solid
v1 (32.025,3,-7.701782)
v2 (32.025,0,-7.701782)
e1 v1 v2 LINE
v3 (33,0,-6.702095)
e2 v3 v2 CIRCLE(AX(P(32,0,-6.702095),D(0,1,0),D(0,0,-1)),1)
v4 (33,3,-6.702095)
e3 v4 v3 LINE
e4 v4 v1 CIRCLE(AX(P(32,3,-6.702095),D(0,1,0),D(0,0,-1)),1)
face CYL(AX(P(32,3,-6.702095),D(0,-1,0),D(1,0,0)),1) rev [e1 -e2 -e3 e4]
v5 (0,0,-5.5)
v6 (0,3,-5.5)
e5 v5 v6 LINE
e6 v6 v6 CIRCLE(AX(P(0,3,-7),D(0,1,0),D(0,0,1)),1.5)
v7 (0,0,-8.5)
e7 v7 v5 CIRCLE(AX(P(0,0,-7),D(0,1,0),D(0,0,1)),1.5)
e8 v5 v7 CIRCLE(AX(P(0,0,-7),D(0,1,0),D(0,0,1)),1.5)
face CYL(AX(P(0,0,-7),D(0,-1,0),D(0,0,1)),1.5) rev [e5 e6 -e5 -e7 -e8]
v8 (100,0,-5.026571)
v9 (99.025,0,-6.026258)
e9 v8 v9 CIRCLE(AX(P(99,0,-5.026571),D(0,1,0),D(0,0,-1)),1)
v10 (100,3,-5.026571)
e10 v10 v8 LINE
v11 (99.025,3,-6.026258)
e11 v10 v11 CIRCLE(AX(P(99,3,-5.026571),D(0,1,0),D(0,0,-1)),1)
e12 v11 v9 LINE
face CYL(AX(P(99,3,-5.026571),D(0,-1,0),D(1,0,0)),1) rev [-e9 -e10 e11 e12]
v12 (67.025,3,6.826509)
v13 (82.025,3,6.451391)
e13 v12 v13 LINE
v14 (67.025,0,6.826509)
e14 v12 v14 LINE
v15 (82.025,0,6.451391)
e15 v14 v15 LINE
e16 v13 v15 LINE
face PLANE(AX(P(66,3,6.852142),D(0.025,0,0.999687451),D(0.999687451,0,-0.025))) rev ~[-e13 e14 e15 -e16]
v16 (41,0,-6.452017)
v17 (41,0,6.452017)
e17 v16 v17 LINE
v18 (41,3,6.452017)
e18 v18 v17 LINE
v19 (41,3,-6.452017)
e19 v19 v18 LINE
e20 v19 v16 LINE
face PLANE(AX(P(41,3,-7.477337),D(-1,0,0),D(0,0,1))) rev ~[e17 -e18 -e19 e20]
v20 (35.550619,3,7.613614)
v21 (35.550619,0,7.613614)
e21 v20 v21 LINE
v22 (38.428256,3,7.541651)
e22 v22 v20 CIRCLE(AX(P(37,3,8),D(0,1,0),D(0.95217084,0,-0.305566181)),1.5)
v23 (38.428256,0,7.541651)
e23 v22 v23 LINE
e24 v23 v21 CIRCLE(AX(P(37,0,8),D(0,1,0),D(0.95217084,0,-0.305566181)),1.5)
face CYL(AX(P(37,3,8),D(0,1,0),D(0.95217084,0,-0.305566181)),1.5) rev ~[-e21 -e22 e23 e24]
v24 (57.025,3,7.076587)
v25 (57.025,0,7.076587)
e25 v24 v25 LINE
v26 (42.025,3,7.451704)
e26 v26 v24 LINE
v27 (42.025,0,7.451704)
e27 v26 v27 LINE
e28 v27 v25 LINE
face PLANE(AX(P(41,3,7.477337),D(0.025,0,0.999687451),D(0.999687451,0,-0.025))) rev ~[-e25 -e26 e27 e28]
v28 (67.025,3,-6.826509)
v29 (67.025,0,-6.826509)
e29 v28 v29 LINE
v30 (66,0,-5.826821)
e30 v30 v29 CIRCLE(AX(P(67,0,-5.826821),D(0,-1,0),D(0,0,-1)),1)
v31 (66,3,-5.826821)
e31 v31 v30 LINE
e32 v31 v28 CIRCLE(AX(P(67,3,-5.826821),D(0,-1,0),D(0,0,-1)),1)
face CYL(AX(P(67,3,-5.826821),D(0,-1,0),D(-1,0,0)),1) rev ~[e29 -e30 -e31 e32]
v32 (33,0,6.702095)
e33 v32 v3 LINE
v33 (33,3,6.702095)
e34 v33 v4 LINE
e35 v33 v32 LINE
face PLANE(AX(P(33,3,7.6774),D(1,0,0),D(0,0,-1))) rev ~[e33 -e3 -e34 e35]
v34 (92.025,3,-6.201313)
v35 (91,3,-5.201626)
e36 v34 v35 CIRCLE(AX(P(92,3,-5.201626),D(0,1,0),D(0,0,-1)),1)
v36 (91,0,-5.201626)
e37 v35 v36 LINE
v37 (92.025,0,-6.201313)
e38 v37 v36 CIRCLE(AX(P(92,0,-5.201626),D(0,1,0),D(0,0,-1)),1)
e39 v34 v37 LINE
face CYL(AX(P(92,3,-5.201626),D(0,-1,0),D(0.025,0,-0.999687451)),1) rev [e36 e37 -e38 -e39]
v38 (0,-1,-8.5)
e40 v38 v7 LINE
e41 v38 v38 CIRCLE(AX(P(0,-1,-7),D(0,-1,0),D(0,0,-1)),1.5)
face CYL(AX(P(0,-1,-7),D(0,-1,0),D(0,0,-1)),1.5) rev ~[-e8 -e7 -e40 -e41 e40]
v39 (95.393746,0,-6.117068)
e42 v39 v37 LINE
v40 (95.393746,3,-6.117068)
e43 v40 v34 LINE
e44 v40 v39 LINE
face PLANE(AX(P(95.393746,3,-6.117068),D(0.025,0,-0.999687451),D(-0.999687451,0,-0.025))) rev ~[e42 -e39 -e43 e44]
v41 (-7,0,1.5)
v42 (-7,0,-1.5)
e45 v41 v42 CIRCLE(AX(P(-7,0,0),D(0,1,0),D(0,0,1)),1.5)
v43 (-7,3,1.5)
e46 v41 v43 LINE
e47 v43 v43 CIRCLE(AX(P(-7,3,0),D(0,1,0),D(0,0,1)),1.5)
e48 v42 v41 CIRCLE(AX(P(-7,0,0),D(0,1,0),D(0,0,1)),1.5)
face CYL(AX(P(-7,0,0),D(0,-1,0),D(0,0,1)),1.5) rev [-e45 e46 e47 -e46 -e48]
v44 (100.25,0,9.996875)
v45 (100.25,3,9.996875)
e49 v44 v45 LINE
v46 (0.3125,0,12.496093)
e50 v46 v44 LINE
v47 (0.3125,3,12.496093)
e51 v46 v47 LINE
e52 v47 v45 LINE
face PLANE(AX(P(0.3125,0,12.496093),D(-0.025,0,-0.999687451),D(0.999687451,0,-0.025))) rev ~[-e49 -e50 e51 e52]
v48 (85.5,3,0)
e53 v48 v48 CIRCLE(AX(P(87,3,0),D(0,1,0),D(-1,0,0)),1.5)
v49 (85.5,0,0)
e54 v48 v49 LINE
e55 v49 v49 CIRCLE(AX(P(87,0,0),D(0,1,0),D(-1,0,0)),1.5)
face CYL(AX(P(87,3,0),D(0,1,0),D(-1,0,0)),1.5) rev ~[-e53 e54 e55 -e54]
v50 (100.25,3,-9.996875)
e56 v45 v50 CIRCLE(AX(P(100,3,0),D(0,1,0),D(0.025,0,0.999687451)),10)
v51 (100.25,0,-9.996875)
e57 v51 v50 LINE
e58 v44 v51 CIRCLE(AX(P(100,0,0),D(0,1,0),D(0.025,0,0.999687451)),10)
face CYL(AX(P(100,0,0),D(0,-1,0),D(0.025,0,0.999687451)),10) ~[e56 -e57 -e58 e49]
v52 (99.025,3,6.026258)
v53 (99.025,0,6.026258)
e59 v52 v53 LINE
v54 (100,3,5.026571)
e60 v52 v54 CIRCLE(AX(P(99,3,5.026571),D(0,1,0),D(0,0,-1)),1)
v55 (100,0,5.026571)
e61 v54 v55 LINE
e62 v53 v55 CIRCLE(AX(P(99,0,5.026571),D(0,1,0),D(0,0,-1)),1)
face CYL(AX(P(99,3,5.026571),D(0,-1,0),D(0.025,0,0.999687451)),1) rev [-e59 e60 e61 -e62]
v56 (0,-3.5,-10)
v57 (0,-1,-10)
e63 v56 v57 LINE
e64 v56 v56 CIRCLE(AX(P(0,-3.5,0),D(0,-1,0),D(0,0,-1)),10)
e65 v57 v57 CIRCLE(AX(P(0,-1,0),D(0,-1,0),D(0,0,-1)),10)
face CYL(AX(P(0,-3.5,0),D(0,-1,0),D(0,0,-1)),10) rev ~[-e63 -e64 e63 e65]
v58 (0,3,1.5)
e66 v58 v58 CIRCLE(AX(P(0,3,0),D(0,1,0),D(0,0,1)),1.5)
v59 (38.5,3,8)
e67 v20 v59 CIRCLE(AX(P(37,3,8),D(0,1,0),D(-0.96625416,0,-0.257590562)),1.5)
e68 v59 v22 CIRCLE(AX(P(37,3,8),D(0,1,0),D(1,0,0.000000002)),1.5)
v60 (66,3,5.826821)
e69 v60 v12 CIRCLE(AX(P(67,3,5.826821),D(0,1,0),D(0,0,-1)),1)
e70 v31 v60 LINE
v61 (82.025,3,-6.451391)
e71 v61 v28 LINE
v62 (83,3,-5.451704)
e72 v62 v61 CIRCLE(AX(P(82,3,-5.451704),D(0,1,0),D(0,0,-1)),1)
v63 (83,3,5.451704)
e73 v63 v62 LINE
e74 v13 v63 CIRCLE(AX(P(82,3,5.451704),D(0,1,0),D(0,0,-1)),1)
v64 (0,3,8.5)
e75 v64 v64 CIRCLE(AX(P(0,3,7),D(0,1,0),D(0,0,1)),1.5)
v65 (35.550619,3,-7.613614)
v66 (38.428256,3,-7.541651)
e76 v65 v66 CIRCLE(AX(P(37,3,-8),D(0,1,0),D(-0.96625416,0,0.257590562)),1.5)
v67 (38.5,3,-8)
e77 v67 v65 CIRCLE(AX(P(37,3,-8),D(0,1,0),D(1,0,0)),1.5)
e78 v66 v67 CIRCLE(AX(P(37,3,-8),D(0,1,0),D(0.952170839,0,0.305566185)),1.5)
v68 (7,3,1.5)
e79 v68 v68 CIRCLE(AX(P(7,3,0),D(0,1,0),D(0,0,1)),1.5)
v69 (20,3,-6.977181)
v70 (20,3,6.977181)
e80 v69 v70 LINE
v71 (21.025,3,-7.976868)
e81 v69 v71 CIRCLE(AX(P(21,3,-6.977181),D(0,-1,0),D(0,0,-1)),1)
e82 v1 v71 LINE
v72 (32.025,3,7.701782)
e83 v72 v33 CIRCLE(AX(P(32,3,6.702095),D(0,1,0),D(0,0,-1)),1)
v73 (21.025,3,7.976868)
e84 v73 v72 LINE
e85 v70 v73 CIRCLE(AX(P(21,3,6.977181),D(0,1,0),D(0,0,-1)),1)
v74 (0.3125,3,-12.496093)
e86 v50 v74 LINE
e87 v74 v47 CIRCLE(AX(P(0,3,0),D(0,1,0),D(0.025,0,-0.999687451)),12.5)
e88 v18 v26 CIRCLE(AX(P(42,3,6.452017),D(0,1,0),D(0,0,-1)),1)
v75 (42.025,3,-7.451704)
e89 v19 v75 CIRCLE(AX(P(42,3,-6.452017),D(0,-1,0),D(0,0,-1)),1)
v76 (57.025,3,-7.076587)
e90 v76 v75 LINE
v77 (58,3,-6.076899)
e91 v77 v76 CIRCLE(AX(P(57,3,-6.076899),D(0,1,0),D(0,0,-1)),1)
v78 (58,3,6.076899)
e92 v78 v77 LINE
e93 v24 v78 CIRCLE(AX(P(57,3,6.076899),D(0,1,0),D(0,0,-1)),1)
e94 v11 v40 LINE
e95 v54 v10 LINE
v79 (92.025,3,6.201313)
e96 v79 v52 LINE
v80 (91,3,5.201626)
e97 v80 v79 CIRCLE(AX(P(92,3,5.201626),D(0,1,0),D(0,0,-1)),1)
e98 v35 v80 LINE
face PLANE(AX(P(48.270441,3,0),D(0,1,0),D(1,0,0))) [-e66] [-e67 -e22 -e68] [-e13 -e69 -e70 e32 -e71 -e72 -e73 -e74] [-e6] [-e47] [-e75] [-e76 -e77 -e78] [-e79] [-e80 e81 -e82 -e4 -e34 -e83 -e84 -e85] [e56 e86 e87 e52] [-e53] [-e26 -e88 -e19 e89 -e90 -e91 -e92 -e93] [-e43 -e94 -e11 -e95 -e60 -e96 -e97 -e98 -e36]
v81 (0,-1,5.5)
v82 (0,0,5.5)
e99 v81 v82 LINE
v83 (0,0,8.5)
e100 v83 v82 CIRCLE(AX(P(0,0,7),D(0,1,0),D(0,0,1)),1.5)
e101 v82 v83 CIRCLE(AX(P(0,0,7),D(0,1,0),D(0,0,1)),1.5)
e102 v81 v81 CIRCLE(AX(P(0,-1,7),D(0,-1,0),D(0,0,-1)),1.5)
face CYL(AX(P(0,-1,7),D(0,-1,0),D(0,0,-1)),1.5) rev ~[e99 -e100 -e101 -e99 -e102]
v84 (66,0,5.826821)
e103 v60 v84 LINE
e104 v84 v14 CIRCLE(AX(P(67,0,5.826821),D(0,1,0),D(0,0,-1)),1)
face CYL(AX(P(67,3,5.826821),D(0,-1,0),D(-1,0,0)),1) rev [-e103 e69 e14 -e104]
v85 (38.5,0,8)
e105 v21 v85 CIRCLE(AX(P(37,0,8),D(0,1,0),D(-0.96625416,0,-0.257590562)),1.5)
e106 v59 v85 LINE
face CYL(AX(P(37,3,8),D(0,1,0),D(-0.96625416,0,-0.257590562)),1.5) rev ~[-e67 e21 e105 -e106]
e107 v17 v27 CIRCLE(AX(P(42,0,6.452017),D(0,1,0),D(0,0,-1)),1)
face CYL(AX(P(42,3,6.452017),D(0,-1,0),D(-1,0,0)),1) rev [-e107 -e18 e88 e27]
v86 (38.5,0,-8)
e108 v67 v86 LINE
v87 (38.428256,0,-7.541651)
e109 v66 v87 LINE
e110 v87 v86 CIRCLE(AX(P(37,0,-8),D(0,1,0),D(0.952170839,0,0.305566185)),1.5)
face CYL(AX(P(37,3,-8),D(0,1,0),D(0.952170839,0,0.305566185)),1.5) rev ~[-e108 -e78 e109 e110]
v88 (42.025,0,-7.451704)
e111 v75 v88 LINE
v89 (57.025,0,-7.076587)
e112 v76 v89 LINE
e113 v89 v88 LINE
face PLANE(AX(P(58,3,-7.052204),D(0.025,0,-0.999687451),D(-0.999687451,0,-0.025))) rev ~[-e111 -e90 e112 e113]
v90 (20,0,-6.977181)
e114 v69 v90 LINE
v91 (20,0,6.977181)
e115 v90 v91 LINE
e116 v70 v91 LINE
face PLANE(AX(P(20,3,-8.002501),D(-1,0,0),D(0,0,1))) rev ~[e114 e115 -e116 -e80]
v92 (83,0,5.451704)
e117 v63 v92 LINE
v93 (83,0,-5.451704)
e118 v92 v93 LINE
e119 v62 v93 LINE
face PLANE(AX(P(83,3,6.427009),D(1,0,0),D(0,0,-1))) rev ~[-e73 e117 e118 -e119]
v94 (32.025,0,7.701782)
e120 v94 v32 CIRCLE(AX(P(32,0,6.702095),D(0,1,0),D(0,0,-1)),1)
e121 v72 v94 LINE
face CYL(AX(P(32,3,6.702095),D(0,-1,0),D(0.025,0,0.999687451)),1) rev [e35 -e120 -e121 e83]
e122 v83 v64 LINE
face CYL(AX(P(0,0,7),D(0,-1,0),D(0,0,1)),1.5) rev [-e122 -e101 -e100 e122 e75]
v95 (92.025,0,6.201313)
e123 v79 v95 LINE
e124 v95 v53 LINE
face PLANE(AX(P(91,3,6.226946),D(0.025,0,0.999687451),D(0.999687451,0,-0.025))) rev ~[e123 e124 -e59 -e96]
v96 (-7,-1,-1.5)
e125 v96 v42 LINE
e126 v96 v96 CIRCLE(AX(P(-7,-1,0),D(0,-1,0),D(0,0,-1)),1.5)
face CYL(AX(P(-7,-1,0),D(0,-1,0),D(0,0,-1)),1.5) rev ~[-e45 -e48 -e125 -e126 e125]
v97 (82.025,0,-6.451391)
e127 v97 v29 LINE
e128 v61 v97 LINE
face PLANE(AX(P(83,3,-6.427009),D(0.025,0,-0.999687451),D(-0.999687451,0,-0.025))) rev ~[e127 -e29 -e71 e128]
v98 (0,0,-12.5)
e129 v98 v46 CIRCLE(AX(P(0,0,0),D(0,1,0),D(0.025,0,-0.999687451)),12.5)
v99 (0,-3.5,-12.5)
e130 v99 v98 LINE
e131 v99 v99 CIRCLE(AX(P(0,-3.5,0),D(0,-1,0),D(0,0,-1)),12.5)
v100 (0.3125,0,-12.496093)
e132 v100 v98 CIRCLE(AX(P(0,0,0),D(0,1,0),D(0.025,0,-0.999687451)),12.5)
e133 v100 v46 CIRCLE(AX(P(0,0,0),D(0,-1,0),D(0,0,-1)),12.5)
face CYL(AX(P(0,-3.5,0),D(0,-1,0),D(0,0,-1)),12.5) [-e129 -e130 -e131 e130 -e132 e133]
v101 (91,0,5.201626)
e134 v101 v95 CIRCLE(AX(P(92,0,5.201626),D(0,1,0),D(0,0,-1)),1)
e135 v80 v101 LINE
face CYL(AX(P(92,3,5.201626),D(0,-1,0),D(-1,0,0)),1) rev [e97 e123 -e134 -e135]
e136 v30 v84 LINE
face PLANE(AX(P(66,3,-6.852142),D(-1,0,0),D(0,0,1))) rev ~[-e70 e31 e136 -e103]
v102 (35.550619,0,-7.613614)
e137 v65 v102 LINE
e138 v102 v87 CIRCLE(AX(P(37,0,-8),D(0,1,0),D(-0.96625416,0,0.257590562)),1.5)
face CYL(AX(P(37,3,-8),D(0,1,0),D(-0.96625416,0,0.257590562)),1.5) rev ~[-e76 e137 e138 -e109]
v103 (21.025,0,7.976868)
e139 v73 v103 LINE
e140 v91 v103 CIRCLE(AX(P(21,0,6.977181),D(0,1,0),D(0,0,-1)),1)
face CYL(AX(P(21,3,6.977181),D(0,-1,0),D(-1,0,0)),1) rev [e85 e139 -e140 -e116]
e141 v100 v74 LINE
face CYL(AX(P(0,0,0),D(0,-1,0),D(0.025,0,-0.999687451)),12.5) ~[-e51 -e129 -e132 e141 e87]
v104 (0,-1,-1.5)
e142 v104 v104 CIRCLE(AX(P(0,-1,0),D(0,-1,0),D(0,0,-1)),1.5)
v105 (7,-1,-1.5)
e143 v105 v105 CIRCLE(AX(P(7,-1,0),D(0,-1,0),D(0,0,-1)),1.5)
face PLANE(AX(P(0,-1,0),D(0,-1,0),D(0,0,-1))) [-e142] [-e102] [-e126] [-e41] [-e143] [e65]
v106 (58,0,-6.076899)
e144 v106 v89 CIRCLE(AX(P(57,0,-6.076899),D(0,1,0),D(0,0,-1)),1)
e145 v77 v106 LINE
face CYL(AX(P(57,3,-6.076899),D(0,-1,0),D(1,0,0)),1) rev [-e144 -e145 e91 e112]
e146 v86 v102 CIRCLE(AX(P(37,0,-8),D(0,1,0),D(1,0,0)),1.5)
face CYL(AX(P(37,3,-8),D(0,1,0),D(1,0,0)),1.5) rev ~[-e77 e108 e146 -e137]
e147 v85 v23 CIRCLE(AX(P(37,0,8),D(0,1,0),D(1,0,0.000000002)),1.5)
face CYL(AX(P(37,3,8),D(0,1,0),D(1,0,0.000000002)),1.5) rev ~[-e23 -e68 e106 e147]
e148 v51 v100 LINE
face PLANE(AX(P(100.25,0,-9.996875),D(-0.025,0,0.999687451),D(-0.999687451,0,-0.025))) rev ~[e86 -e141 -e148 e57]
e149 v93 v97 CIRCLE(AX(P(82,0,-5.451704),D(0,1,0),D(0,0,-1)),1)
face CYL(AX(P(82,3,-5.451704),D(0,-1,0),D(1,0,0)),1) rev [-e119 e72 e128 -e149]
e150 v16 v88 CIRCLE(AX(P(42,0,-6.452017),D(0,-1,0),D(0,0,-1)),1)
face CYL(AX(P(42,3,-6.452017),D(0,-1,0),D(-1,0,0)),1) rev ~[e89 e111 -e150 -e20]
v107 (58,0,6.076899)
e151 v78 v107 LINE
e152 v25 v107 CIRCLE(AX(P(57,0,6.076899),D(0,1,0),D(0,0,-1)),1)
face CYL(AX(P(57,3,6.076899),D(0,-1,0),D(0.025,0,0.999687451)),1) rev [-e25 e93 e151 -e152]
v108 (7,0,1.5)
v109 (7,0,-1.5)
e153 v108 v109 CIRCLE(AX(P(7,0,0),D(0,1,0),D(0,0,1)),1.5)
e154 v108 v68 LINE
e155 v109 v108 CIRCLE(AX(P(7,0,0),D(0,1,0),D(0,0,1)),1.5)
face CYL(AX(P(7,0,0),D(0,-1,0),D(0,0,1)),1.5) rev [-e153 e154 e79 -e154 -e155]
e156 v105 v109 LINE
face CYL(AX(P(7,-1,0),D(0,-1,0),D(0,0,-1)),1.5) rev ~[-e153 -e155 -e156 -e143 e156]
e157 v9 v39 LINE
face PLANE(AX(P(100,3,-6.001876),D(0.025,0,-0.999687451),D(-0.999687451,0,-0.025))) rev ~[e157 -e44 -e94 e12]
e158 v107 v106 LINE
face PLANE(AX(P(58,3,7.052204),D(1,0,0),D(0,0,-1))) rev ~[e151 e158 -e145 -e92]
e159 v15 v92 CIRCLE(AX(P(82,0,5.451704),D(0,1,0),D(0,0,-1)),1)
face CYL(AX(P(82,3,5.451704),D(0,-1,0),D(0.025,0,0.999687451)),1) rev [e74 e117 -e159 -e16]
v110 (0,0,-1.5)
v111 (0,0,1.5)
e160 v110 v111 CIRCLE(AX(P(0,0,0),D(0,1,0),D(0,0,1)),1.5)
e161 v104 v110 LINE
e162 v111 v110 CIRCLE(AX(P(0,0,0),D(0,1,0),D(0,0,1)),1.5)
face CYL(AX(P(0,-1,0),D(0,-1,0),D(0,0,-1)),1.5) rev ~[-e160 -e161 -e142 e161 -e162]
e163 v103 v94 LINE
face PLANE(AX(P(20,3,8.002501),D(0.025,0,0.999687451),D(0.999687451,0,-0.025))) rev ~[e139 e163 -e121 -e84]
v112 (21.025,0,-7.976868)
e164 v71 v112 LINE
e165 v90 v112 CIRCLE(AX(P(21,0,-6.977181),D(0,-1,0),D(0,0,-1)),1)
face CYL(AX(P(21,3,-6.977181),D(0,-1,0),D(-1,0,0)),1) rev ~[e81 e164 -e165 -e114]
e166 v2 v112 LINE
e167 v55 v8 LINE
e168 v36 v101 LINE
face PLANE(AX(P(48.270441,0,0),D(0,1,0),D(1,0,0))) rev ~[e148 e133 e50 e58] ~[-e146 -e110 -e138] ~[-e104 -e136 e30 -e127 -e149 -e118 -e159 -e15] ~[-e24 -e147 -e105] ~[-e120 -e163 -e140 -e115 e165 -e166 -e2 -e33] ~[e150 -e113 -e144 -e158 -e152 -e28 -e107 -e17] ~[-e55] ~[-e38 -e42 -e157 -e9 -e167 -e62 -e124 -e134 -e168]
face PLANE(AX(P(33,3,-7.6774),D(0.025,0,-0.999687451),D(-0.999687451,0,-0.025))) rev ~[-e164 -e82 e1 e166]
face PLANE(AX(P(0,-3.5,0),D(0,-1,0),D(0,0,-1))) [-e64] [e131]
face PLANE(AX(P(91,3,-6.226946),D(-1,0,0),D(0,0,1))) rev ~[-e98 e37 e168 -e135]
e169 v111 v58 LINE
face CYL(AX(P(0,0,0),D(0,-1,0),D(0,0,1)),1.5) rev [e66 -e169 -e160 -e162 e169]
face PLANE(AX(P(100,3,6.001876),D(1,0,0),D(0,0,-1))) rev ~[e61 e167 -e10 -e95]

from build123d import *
from build123d.topology import SkipClean

# Parameters (mm, degrees)
SKETCH_1_R          = 1.5
EXTRUDE_1_DEPTH     = 3
EXTRUDE_START       = 3.5
SKETCH_2_R          = 12.5
SKETCH_2_R_2        = 10
EXTRUDE_2_DEPTH     = 3.5
CUT_EXTRUDE_1_DEPTH = 10
FILLET_1_R          = 1
EXTRUDE_START_2     = 1
SKETCH_5_R          = 10
SKETCH_5_R_2        = 1.5
EXTRUDE_3_DEPTH     = 1


with BuildPart() as part:
    # 草图1 → 凸台-拉伸1 (new body)
    with BuildSketch(Plane(origin=(0, 0, 0), x_dir=(1, 0, 0), z_dir=(0, 1, 0))):
        with BuildLine():
            Line((100.25, 9.996874512), (0.3125, 12.496093139))
            ThreePointArc((0.3125, 12.496093139), (-12.5, 0), (0.3125, -12.496093139))
            Line((0.3125, -12.496093139), (100.25, -9.996874512))
            ThreePointArc((100.25, -9.996874512), (110, 0), (100.25, 9.996874512))
        make_face()
        with Locations(Location((7, 0, 0), (0, 0, 270))):
            Circle(SKETCH_1_R, mode=Mode.SUBTRACT)
        with Locations(Location((0, 0, 0), (0, 0, 270))):
            Circle(SKETCH_1_R, mode=Mode.SUBTRACT)
        with Locations(Location((-7, 0, 0), (0, 0, 270))):
            Circle(SKETCH_1_R, mode=Mode.SUBTRACT)
        with Locations(Location((0, 7, 0), (0, 0, 270))):
            Circle(SKETCH_1_R, mode=Mode.SUBTRACT)
        with Locations(Location((0, -7, 0), (0, 0, 270))):
            Circle(SKETCH_1_R, mode=Mode.SUBTRACT)
    extrude(amount=EXTRUDE_1_DEPTH)

    # 草图2 → 凸台-拉伸2 (add)
    with BuildSketch(Plane.XZ.offset(EXTRUDE_START)):
        with Locations(Location((0, 0, 0), (0, 0, 270))):
            Circle(SKETCH_2_R)
        with Locations(Location((0, 0, 0), (0, 0, 270))):
            Circle(SKETCH_2_R_2, mode=Mode.SUBTRACT)
    extrude(amount=-EXTRUDE_2_DEPTH)

    # 草图3 → 切除-拉伸1 (cut)
    with BuildSketch(Plane(origin=(0, 3, 0), x_dir=(1, 0, 0), z_dir=(0, 1, 0))):
        Polygon((20, 8.002501172), (20, 0), (33, 0), (33, 7.677399562), align=None)
        Polygon((33, 0), (20, 0), (20, -8.002501172), (33, -7.677399562), align=None)
        with BuildLine():
            ThreePointArc((38.5, 8), (36.805156295, 9.487291475), (35.550618759, 7.613614157))
            Line((35.550618759, 7.613614157), (38.42825626, 7.541650728))
            ThreePointArc((38.42825626, 7.541650728), (38.481955531, 7.768034906), (38.5, 8))
        make_face()
        with BuildLine():
            Line((38.42825626, 7.541650728), (35.550618759, 7.613614157))
            ThreePointArc((35.550618759, 7.613614157), (36.9625, 6.500468823), (38.42825626, 7.541650728))
        make_face()
        with BuildLine():
            ThreePointArc((38.42825626, -7.541650728), (36.9625, -6.500468823), (35.550618759, -7.613614157))
            Line((35.550618759, -7.613614157), (38.42825626, -7.541650728))
        make_face()
        with BuildLine():
            Line((38.42825626, -7.541650728), (35.550618759, -7.613614157))
            ThreePointArc((35.550618759, -7.613614157), (36.805156295, -9.487291475), (38.5, -8))
            ThreePointArc((38.5, -8), (38.481955531, -7.768034906), (38.42825626, -7.541650728))
        make_face()
        Polygon((41, 7.477337033), (41, 0), (58, 0), (58, 7.052204158), align=None)
        Polygon((58, 0), (41, 0), (41, -7.477337033), (58, -7.052204158), align=None)
        Polygon((66, 6.852141629), (66, 0), (83, 0), (83, 6.427008754), align=None)
        Polygon((83, 0), (66, 0), (66, -6.852141629), (83, -6.427008754), align=None)
        with BuildLine():
            ThreePointArc((88.5, 0), (87, 1.5), (85.5, 0))
            Line((85.5, 0), (88.5, 0))
        make_face()
        with BuildLine():
            Line((88.5, 0), (85.5, 0))
            ThreePointArc((85.5, 0), (87, -1.5), (88.5, 0))
        make_face()
        Polygon((95.393745853, 6.117068236), (91, 6.226946225), (91, 0), (100, 0), (100, 6.001875879), align=None)
        Polygon((91, 0), (91, -6.226946225), (100, -6.001875879), (100, 0), align=None)
    extrude(amount=-CUT_EXTRUDE_1_DEPTH, mode=Mode.SUBTRACT)

    # 圆角1
    fillet_1_edges = [part.edges().sort_by_distance(p)[0] for p in [
        (91, 1.5, 6.226946225),
        (91, 1.5, -6.226946225),
        (100, 1.5, -6.001875879),
        (100, 1.5, 6.001875879),
        (20, 1.5, 8.002501172),
        (20, 1.5, -8.002501172),
        (33, 1.5, -7.677399562),
        (33, 1.5, 7.677399562),
        (41, 1.5, 7.477337033),
        (41, 1.5, -7.477337033),
        (58, 1.5, -7.052204158),
        (58, 1.5, 7.052204158),
        (66, 1.5, 6.852141629),
        (66, 1.5, -6.852141629),
        (83, 1.5, -6.427008754),
        (83, 1.5, 6.427008754),
    ]]
    fillet(fillet_1_edges, radius=FILLET_1_R)

    # 草图5 → 凸台-拉伸3 (add)
    with SkipClean():  # the faces are left unmerged after this step: merging them gives an invalid solid
        with BuildSketch(Plane.XZ.offset(EXTRUDE_START_2)):
            with Locations(Location((0, 0, 0), (0, 0, 270))):
                Circle(SKETCH_5_R)
            with Locations(Location((0, 0, 0), (0, 0, 270))):
                Circle(SKETCH_5_R_2, mode=Mode.SUBTRACT)
            with Locations(Location((7, 0, 0), (0, 0, 270))):
                Circle(SKETCH_5_R_2, mode=Mode.SUBTRACT)
            with Locations(Location((-7, 0, 0), (0, 0, 270))):
                Circle(SKETCH_5_R_2, mode=Mode.SUBTRACT)
            with Locations(Location((0, -7, 0), (0, 0, 270))):
                Circle(SKETCH_5_R_2, mode=Mode.SUBTRACT)
            with Locations(Location((0, 7, 0), (0, 0, 270))):
                Circle(SKETCH_5_R_2, mode=Mode.SUBTRACT)
        extrude(amount=-EXTRUDE_3_DEPTH)


solid = part.part
